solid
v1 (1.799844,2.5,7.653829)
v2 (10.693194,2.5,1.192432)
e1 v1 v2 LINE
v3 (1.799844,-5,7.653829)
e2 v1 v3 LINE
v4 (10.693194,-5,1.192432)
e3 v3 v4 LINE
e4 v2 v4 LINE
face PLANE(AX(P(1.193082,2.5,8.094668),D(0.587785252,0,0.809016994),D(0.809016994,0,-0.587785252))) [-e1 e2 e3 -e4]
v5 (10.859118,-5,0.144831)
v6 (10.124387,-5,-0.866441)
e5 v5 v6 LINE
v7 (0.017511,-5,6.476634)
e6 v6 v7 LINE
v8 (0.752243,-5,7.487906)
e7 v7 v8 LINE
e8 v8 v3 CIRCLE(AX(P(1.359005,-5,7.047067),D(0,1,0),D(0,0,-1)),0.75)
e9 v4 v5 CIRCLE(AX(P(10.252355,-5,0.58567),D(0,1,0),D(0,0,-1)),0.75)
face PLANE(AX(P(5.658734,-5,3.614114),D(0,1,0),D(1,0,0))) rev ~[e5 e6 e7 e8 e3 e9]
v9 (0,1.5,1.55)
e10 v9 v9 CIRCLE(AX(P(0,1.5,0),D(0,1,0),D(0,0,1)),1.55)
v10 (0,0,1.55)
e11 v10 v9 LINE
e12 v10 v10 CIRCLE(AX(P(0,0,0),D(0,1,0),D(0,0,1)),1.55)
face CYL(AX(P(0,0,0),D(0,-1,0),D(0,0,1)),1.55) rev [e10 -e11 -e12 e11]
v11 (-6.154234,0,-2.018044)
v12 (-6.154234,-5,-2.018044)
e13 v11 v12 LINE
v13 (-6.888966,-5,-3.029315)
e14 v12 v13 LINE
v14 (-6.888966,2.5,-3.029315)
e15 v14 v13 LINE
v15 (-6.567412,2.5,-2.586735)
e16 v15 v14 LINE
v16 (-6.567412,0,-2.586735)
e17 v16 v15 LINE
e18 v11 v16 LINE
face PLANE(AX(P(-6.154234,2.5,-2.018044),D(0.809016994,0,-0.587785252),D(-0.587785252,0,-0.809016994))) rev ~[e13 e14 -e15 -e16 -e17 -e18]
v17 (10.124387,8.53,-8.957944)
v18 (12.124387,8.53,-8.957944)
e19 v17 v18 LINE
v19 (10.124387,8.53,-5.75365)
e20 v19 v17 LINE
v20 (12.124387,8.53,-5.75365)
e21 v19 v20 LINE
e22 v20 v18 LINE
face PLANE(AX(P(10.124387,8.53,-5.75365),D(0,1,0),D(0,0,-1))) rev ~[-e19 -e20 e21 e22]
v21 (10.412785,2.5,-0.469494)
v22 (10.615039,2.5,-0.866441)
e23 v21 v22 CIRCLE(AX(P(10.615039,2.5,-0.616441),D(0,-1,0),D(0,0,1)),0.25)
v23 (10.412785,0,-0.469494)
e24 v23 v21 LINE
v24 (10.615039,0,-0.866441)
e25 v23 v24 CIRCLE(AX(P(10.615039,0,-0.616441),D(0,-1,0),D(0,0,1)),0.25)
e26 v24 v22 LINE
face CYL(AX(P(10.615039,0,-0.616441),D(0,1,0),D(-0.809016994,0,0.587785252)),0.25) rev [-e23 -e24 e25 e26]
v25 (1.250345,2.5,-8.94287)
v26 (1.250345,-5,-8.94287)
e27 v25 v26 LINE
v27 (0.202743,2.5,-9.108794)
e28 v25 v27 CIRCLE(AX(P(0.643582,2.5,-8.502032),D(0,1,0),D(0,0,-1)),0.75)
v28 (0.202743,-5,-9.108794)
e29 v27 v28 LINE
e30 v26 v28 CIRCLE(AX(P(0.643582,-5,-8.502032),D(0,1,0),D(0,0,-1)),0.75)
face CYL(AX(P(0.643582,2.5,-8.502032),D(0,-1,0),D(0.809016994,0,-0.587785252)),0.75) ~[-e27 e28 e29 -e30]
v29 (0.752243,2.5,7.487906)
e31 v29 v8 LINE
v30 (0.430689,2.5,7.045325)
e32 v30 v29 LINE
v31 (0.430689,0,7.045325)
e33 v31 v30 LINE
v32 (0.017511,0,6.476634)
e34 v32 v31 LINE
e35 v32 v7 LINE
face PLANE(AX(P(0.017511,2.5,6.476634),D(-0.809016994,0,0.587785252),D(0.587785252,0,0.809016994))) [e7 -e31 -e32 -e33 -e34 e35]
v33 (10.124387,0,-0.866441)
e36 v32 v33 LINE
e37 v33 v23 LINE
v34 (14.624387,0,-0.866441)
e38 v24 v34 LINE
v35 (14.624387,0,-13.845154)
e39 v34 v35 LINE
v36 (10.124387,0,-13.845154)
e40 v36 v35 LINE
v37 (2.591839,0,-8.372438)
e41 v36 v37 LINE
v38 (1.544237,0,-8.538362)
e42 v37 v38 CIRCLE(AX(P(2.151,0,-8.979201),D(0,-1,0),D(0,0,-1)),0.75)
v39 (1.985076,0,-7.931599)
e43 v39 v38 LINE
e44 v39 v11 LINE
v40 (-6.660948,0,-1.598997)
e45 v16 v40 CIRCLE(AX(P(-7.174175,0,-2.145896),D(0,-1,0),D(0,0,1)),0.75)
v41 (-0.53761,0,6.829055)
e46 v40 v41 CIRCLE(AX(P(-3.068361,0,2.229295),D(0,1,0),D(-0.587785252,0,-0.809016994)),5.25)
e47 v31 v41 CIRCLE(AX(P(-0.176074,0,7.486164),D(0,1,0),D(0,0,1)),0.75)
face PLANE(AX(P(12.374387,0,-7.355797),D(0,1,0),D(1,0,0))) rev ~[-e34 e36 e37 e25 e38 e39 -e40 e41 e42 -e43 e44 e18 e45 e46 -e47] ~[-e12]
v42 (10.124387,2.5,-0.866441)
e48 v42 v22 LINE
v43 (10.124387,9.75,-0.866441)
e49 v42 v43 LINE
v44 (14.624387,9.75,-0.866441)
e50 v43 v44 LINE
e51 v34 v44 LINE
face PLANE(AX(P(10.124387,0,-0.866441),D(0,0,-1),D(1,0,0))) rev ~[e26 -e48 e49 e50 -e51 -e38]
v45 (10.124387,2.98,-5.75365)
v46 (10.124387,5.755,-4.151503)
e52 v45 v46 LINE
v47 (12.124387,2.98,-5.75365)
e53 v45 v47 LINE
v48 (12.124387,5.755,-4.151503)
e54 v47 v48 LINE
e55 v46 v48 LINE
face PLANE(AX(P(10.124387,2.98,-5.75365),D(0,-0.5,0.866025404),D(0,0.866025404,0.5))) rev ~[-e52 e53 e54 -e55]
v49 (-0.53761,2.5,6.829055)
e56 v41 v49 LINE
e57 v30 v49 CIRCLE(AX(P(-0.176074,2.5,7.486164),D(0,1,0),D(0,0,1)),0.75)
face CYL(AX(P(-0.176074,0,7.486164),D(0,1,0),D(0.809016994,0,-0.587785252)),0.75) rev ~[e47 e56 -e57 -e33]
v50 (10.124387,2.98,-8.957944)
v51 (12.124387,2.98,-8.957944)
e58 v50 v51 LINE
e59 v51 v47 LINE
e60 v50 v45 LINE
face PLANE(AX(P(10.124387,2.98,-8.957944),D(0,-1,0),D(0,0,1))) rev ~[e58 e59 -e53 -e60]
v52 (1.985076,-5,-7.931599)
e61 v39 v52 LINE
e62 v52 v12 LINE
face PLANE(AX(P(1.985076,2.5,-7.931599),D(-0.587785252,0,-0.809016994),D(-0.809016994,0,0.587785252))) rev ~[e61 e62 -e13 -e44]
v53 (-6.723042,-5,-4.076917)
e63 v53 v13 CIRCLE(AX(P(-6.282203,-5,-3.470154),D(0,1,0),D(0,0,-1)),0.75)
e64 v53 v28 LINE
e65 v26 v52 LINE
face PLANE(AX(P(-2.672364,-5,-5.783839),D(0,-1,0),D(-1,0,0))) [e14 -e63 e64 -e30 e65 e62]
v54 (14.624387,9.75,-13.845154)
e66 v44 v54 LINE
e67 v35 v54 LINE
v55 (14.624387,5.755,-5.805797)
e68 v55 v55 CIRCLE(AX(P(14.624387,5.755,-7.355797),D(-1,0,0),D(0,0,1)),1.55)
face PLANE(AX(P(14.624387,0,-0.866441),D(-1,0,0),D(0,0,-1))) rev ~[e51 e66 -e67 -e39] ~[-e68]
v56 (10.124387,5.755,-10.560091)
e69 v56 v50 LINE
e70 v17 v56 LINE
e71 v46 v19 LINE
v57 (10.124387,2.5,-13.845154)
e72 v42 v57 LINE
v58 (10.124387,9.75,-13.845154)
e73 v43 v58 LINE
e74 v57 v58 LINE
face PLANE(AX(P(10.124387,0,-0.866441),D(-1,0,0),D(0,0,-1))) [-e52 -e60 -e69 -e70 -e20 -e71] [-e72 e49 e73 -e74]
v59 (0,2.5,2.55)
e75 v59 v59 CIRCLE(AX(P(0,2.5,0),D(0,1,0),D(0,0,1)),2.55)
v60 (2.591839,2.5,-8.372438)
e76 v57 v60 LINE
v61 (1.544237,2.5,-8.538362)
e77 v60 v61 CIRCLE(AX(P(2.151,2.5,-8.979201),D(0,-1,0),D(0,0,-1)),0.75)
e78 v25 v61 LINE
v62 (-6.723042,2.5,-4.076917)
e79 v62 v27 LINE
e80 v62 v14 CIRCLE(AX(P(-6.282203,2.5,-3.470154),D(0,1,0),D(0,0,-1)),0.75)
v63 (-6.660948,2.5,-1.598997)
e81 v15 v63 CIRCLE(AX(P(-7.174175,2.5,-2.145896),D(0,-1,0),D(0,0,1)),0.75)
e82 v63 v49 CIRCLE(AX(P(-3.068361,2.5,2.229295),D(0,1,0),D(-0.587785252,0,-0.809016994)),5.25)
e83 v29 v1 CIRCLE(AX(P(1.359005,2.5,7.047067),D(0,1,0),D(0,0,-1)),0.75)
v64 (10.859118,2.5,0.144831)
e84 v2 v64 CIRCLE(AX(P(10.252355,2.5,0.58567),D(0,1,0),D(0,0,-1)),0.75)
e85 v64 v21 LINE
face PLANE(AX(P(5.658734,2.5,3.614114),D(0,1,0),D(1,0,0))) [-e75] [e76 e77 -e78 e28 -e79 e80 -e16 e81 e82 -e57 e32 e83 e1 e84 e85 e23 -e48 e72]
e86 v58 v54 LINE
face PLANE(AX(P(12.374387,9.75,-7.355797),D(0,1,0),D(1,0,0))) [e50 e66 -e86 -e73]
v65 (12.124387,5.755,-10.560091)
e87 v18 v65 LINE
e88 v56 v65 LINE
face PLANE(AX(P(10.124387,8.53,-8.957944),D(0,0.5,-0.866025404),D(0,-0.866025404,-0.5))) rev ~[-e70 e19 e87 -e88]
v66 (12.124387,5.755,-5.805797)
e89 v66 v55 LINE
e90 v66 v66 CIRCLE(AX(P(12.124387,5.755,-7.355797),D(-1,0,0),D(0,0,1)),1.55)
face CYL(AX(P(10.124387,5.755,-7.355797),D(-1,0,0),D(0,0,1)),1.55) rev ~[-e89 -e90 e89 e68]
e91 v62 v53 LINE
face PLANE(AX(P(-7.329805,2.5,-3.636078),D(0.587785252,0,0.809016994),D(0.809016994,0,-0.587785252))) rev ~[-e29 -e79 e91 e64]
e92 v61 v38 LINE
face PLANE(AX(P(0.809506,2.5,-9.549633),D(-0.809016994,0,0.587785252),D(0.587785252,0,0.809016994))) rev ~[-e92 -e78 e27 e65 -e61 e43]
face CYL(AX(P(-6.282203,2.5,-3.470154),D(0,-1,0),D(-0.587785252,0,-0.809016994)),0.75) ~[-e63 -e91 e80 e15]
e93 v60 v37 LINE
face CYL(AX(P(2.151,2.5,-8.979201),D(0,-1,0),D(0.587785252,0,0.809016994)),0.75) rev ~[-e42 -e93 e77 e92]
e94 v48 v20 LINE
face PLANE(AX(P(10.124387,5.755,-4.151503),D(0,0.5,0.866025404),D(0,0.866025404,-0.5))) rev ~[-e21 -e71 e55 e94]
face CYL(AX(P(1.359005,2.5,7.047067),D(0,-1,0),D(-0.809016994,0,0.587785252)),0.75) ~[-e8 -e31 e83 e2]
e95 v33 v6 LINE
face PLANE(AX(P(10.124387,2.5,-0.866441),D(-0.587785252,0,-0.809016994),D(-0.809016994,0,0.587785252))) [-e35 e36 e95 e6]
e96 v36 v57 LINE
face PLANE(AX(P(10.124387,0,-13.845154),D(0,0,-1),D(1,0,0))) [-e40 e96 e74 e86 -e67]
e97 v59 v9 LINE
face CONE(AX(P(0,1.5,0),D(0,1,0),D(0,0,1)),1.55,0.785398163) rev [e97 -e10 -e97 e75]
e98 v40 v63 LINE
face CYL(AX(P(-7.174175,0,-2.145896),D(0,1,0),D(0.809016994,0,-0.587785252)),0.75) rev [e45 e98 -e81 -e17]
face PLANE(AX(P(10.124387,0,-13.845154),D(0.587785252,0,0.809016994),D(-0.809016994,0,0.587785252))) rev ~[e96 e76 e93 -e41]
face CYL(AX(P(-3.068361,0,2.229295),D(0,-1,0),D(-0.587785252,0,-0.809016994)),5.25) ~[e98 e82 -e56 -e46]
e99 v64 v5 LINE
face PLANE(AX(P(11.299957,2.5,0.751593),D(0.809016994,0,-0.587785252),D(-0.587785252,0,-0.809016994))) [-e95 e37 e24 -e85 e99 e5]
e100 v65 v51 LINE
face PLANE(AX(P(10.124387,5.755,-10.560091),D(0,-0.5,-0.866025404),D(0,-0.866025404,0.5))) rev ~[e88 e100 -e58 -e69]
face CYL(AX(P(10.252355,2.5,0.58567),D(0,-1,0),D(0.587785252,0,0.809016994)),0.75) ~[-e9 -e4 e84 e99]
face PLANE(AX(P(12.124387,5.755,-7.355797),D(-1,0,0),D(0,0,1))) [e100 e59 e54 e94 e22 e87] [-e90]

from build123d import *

# Parameters (mm, degrees)
SKETCH_1_R             = 1.55
EXTRUDE_397_DEPTH      = 2.5
EXTRUDE_START          = 2.5
EXTRUDE_640_DEPTH      = 7.5
SKETCH_3_W             = 4.5
SKETCH_3_H             = 12.978713764
EXTRUDE_1_DEPTH        = 9.75
CHAMFER_1_SIZE         = 1
CUT_EXTRUDE_1239_DEPTH = 2
CUT_EXTRUDE_M3_REACH   = 27.038
SKETCH_6_R             = 1.55
FILLET_5_R             = 0.75
FILLET_6_R             = 0.25


with BuildPart() as part:
    # 草图1 → Extrude 397 (new body)
    with BuildSketch(Plane(origin=(0, 0, 0), x_dir=(1, 0, 0), z_dir=(0, 1, 0))):
        with BuildLine():
            Line((10.1243866, 13.845154317), (-6.15423406, 2.01804411))
            ThreePointArc((-6.15423406, 2.01804411), (-7.315700706, -5.315167685), (0.017511089, -6.476634331))
            Line((0.017511089, -6.476634331), (10.1243866, 0.866440553))
            Line((10.1243866, 0.866440553), (10.1243866, 13.845154317))
        make_face()
        with Locations(Location((0, 0, 0), (0, 0, 270))):
            Circle(SKETCH_1_R, mode=Mode.SUBTRACT)
    extrude(amount=EXTRUDE_397_DEPTH)

    # 草图2 → Extrude 640 (add)
    with BuildSketch(Plane(origin=(0, 0, 0), x_dir=(1, 0, 0), z_dir=(0, 1, 0)).offset(EXTRUDE_START)):
        Polygon((0.017511089, -6.476634331), (1.193081594, -8.09466832), (11.299957105, -0.751593436), (10.1243866, 0.866440553), align=None)
        Polygon((-7.329804565, 3.636078099), (0.809505765, 9.549633202), (1.98507627, 7.931599213), (-6.15423406, 2.01804411), align=None)
    extrude(amount=-EXTRUDE_640_DEPTH)

    # 草图3 → 限位-1 (add)
    with BuildSketch(Plane(origin=(0, 0, 0), x_dir=(1, 0, 0), z_dir=(0, 1, 0))):
        with Locations((12.3743866, 7.355797435)):
            Rectangle(SKETCH_3_W, SKETCH_3_H)
    extrude(amount=EXTRUDE_1_DEPTH)

    # 倒角1
    chamfer_1_edges = [part.edges().sort_by_distance(p)[0] for p in [
        (0, 2.5, -1.55),
    ]]
    chamfer(chamfer_1_edges, length=CHAMFER_1_SIZE)

    # 草图5 → Cut-Extrude 1239 (cut)
    with BuildSketch(Plane.ZY.offset(-10.1243866)):
        Polygon((-4.151503441, 5.755), (-5.753650438, 8.53), (-8.957944432, 8.53), (-10.560091429, 5.755), (-8.957944432, 2.98), (-5.753650438, 2.98), align=None)
    extrude(amount=-CUT_EXTRUDE_1239_DEPTH, mode=Mode.SUBTRACT)

    # 草图6 → M3螺孔 (cut, up to next)
    with BuildSketch(Plane.ZY.offset(-10.1243866), mode=Mode.PRIVATE) as cut_extrude_m3_sk1:
        with Locations((-7.355797435, 5.755)):
            Circle(SKETCH_6_R)
    cut_extrude_m3_tool1 = extrude(cut_extrude_m3_sk1.sketch, amount=-CUT_EXTRUDE_M3_REACH, mode=Mode.PRIVATE) & part.part
    add(cut_extrude_m3_tool1.solids().sort_by_distance((10.124387, 5.755, -7.355797))[0], mode=Mode.SUBTRACT)

    # 圆角5
    fillet_5_edges = [part.edges().sort_by_distance(p)[0] for p in [
        (11.299957105, -1.25, 0.751593436),
        (1.193081594, -1.25, 8.09466832),
        (1.98507627, 1.25, -7.931599213),
        (-7.329804565, -1.25, -3.636078099),
        (0.809505765, -1.25, -9.549633202),
        (-6.15423406, 1.25, -2.01804411),
        (0.017511089, 1.25, 6.476634331),
    ]]
    fillet(fillet_5_edges, radius=FILLET_5_R)

    # 圆角6
    fillet_6_edges = [part.edges().sort_by_distance(p)[0] for p in [
        (10.1243866, 1.25, -0.866440553),
    ]]
    fillet(fillet_6_edges, radius=FILLET_6_R)


solid = part.part
